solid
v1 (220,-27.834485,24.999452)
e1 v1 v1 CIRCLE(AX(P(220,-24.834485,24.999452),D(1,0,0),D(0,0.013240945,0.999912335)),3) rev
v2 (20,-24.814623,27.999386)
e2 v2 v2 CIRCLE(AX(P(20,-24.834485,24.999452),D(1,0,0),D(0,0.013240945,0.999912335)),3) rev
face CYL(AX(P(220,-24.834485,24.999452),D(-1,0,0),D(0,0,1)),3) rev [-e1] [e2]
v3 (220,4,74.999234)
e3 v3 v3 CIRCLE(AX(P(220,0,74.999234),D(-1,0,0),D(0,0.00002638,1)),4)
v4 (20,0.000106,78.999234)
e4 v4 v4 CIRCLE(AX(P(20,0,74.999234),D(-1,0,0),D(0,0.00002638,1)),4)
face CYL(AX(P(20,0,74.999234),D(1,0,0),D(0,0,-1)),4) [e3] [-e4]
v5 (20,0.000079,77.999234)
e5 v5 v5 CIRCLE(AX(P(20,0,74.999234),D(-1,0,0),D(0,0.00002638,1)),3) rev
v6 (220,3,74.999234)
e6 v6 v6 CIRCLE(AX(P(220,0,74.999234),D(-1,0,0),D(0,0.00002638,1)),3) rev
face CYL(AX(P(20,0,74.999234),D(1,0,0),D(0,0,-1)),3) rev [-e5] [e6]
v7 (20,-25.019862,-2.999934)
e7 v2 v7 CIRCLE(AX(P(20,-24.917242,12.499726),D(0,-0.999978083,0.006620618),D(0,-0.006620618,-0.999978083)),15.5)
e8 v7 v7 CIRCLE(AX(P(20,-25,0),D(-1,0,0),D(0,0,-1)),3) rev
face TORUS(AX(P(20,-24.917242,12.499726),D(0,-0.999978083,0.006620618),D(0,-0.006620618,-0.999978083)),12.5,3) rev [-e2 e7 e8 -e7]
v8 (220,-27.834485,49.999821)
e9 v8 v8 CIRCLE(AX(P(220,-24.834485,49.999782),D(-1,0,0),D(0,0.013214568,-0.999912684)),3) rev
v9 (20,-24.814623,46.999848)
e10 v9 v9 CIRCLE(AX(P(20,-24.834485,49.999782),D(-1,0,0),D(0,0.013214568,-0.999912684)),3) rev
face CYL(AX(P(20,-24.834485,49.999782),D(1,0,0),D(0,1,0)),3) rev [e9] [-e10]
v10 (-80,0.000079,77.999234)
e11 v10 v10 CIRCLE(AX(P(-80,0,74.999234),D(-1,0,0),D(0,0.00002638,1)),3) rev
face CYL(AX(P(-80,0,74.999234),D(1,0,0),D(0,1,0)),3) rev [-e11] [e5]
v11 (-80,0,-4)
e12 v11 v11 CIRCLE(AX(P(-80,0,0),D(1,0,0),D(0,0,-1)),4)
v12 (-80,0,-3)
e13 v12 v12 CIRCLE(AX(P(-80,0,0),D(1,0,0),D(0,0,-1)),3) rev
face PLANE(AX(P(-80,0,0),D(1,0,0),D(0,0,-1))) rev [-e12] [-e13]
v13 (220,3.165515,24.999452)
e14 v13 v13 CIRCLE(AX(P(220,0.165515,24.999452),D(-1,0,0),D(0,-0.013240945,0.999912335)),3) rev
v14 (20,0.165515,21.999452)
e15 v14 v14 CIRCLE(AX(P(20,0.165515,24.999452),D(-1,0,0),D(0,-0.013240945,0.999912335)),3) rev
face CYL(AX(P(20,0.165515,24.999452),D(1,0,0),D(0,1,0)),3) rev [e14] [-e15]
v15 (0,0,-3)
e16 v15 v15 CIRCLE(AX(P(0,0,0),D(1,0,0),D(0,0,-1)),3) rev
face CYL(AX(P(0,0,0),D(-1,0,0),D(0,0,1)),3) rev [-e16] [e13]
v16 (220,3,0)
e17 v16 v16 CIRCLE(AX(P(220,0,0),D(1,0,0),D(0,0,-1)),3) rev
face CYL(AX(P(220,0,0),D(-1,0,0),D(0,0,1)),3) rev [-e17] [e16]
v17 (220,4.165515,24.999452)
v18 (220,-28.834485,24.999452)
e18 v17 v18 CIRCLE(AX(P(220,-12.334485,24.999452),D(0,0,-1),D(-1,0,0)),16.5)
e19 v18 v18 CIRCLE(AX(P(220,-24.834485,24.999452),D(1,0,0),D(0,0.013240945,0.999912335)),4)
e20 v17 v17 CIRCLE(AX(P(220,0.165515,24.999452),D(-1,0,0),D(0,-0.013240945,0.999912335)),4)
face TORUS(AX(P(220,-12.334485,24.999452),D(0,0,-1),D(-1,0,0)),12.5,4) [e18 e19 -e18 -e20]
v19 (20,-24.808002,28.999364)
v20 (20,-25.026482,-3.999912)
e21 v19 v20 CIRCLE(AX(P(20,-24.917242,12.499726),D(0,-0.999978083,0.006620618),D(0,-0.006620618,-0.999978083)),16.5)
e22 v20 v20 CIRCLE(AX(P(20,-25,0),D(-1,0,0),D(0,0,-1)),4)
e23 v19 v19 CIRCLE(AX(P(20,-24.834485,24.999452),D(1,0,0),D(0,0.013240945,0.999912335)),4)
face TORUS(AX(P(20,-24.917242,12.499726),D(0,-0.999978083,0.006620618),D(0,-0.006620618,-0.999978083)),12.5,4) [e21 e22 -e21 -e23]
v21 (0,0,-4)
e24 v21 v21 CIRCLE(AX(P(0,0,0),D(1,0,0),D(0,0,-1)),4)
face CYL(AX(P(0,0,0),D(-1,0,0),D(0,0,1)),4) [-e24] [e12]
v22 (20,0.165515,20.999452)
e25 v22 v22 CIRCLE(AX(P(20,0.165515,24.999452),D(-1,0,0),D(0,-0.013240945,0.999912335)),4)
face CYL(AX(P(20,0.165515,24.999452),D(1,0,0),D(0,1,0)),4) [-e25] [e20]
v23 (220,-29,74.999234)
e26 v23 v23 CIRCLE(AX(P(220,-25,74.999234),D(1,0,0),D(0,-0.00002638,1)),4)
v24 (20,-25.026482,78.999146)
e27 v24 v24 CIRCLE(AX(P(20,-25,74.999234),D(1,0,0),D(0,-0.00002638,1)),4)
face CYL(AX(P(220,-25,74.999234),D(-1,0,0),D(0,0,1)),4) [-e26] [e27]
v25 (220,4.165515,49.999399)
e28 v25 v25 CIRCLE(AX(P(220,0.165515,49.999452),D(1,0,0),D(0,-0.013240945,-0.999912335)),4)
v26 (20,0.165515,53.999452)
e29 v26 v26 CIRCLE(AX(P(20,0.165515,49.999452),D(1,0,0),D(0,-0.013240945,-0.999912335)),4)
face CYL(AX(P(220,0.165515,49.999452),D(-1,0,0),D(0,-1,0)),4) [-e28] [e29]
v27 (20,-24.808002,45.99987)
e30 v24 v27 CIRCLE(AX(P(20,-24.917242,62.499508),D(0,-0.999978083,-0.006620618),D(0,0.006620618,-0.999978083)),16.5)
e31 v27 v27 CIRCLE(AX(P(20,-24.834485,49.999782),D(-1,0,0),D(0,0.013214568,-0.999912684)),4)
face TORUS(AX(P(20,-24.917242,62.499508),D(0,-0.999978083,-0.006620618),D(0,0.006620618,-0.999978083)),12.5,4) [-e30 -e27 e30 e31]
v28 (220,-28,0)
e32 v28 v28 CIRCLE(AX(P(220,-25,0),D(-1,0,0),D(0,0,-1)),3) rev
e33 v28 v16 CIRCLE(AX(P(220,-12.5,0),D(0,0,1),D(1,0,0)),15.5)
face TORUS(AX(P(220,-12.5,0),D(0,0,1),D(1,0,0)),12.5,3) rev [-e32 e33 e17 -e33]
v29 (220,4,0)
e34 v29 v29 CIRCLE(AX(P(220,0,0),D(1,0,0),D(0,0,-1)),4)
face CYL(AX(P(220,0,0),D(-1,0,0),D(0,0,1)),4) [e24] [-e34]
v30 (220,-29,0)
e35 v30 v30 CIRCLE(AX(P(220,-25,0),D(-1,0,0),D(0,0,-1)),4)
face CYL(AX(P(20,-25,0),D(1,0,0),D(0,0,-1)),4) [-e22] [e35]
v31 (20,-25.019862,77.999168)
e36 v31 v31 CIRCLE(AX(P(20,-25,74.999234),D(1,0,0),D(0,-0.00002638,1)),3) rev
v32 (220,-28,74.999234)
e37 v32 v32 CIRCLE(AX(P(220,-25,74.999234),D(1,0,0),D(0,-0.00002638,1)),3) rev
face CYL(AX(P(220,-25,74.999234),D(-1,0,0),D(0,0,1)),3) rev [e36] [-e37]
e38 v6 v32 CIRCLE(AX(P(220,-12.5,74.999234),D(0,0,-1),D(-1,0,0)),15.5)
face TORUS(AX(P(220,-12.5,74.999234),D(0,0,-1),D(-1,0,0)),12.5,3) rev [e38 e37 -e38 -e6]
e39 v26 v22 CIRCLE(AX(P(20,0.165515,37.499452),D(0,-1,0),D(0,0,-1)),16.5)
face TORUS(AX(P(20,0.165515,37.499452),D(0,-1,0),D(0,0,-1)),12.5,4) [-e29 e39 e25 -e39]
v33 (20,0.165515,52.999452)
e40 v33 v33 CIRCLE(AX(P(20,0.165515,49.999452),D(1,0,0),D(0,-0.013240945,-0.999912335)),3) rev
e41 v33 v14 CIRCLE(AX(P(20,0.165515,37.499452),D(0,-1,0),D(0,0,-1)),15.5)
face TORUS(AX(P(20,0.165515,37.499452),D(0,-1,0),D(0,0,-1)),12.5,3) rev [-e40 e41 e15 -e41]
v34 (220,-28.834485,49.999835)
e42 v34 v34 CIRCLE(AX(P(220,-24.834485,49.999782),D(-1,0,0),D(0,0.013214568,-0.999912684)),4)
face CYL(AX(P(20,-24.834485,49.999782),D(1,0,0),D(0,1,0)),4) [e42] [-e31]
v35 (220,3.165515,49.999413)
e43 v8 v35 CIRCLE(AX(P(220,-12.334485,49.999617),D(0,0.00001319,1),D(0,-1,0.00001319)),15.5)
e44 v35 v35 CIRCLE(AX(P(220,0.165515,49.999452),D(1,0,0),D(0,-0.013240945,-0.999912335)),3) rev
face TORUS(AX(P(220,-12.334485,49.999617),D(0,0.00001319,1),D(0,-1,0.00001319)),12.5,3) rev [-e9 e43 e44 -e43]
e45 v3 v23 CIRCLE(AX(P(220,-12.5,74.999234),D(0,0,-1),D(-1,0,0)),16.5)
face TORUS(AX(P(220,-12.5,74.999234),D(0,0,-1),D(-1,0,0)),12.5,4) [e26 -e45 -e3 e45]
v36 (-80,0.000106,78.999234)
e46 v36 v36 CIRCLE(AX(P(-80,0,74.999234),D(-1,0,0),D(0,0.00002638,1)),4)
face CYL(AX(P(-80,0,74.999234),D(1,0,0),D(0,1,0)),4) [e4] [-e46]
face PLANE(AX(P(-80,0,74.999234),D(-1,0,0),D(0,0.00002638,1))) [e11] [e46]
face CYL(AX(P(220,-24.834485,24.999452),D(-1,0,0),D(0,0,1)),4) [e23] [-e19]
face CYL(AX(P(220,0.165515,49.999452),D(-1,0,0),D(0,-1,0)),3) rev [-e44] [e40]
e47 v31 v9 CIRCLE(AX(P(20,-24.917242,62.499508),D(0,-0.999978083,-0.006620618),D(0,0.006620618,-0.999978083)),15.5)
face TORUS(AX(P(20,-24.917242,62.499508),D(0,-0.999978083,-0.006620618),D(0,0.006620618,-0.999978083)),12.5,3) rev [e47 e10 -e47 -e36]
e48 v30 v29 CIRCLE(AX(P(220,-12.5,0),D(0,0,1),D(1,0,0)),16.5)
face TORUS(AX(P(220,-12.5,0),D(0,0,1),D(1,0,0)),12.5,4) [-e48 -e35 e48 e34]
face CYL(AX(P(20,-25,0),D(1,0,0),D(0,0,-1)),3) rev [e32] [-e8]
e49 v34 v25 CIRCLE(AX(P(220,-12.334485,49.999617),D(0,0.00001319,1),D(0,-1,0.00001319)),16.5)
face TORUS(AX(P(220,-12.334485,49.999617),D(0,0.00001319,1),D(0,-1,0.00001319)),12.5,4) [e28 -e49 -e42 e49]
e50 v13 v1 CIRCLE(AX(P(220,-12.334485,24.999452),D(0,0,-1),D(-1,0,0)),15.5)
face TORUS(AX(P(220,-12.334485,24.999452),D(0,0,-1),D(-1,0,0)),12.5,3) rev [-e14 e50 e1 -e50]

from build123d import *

# Parameters (mm, degrees)
SKETCH2_R   = 4
SKETCH2_R_2 = 3


with BuildPart() as part:
    # Sweep1: sweep along a curve in space
    with BuildLine() as sweep1_path:
        Line((20, 0, 74.999233924), (-80, 0, 74.999233924))
        Line((220, 0, 74.999233924), (20, 0, 74.999233924))
        ThreePointArc((220, 0, 74.999233924), (232.5, -12.5, 74.999233924), (220, -25, 74.999233924))
        Line((20, -25, 74.999233924), (220, -25, 74.999233924))
        ThreePointArc((20, -24.834484554, 49.999781837), (7.5, -24.917242277, 62.49950788), (20, -25, 74.999233924))
        Line((220, -24.834484554, 49.999781837), (20, -24.834484554, 49.999781837))
        ThreePointArc((220, 0.165515444, 49.999452087), (232.5, -12.334484555, 49.999616962), (220, -24.834484554, 49.999781837))
        Line((20, 0.165515444, 49.999452087), (220, 0.165515444, 49.999452087))
        ThreePointArc((20, 0.165515444, 49.999452087), (7.5, 0.165515444, 37.499452087), (20, 0.165515444, 24.999452087))
        Line((220, 0.165515444, 24.999452087), (20, 0.165515444, 24.999452087))
        ThreePointArc((220, 0.165515444, 24.999452087), (232.5, -12.334484556, 24.999452087), (220, -24.834484556, 24.999452087))
        Line((20, -24.834484556, 24.999452087), (220, -24.834484556, 24.999452087))
        ThreePointArc((20, -25, 0), (7.5, -24.917242278, 12.499726043), (20, -24.834484556, 24.999452087))
        Line((220, -25, 0), (20, -25, 0))
        ThreePointArc((220, 0, 0), (232.5, -12.5, 0), (220, -25, 0))
        Line((0, 0, 0), (220, 0, 0))
        Line((0, 0, 0), (-80, 0, 0))
    # Sketch2 → Sweep1 (sweep)
    with BuildSketch(Plane(origin=(-80, 0, 0), x_dir=(0, 0, -1), z_dir=(1, 0, 0))):
        Circle(SKETCH2_R)
        Circle(SKETCH2_R_2, mode=Mode.SUBTRACT)
    sweep(path=sweep1_path.line)


solid = part.part
